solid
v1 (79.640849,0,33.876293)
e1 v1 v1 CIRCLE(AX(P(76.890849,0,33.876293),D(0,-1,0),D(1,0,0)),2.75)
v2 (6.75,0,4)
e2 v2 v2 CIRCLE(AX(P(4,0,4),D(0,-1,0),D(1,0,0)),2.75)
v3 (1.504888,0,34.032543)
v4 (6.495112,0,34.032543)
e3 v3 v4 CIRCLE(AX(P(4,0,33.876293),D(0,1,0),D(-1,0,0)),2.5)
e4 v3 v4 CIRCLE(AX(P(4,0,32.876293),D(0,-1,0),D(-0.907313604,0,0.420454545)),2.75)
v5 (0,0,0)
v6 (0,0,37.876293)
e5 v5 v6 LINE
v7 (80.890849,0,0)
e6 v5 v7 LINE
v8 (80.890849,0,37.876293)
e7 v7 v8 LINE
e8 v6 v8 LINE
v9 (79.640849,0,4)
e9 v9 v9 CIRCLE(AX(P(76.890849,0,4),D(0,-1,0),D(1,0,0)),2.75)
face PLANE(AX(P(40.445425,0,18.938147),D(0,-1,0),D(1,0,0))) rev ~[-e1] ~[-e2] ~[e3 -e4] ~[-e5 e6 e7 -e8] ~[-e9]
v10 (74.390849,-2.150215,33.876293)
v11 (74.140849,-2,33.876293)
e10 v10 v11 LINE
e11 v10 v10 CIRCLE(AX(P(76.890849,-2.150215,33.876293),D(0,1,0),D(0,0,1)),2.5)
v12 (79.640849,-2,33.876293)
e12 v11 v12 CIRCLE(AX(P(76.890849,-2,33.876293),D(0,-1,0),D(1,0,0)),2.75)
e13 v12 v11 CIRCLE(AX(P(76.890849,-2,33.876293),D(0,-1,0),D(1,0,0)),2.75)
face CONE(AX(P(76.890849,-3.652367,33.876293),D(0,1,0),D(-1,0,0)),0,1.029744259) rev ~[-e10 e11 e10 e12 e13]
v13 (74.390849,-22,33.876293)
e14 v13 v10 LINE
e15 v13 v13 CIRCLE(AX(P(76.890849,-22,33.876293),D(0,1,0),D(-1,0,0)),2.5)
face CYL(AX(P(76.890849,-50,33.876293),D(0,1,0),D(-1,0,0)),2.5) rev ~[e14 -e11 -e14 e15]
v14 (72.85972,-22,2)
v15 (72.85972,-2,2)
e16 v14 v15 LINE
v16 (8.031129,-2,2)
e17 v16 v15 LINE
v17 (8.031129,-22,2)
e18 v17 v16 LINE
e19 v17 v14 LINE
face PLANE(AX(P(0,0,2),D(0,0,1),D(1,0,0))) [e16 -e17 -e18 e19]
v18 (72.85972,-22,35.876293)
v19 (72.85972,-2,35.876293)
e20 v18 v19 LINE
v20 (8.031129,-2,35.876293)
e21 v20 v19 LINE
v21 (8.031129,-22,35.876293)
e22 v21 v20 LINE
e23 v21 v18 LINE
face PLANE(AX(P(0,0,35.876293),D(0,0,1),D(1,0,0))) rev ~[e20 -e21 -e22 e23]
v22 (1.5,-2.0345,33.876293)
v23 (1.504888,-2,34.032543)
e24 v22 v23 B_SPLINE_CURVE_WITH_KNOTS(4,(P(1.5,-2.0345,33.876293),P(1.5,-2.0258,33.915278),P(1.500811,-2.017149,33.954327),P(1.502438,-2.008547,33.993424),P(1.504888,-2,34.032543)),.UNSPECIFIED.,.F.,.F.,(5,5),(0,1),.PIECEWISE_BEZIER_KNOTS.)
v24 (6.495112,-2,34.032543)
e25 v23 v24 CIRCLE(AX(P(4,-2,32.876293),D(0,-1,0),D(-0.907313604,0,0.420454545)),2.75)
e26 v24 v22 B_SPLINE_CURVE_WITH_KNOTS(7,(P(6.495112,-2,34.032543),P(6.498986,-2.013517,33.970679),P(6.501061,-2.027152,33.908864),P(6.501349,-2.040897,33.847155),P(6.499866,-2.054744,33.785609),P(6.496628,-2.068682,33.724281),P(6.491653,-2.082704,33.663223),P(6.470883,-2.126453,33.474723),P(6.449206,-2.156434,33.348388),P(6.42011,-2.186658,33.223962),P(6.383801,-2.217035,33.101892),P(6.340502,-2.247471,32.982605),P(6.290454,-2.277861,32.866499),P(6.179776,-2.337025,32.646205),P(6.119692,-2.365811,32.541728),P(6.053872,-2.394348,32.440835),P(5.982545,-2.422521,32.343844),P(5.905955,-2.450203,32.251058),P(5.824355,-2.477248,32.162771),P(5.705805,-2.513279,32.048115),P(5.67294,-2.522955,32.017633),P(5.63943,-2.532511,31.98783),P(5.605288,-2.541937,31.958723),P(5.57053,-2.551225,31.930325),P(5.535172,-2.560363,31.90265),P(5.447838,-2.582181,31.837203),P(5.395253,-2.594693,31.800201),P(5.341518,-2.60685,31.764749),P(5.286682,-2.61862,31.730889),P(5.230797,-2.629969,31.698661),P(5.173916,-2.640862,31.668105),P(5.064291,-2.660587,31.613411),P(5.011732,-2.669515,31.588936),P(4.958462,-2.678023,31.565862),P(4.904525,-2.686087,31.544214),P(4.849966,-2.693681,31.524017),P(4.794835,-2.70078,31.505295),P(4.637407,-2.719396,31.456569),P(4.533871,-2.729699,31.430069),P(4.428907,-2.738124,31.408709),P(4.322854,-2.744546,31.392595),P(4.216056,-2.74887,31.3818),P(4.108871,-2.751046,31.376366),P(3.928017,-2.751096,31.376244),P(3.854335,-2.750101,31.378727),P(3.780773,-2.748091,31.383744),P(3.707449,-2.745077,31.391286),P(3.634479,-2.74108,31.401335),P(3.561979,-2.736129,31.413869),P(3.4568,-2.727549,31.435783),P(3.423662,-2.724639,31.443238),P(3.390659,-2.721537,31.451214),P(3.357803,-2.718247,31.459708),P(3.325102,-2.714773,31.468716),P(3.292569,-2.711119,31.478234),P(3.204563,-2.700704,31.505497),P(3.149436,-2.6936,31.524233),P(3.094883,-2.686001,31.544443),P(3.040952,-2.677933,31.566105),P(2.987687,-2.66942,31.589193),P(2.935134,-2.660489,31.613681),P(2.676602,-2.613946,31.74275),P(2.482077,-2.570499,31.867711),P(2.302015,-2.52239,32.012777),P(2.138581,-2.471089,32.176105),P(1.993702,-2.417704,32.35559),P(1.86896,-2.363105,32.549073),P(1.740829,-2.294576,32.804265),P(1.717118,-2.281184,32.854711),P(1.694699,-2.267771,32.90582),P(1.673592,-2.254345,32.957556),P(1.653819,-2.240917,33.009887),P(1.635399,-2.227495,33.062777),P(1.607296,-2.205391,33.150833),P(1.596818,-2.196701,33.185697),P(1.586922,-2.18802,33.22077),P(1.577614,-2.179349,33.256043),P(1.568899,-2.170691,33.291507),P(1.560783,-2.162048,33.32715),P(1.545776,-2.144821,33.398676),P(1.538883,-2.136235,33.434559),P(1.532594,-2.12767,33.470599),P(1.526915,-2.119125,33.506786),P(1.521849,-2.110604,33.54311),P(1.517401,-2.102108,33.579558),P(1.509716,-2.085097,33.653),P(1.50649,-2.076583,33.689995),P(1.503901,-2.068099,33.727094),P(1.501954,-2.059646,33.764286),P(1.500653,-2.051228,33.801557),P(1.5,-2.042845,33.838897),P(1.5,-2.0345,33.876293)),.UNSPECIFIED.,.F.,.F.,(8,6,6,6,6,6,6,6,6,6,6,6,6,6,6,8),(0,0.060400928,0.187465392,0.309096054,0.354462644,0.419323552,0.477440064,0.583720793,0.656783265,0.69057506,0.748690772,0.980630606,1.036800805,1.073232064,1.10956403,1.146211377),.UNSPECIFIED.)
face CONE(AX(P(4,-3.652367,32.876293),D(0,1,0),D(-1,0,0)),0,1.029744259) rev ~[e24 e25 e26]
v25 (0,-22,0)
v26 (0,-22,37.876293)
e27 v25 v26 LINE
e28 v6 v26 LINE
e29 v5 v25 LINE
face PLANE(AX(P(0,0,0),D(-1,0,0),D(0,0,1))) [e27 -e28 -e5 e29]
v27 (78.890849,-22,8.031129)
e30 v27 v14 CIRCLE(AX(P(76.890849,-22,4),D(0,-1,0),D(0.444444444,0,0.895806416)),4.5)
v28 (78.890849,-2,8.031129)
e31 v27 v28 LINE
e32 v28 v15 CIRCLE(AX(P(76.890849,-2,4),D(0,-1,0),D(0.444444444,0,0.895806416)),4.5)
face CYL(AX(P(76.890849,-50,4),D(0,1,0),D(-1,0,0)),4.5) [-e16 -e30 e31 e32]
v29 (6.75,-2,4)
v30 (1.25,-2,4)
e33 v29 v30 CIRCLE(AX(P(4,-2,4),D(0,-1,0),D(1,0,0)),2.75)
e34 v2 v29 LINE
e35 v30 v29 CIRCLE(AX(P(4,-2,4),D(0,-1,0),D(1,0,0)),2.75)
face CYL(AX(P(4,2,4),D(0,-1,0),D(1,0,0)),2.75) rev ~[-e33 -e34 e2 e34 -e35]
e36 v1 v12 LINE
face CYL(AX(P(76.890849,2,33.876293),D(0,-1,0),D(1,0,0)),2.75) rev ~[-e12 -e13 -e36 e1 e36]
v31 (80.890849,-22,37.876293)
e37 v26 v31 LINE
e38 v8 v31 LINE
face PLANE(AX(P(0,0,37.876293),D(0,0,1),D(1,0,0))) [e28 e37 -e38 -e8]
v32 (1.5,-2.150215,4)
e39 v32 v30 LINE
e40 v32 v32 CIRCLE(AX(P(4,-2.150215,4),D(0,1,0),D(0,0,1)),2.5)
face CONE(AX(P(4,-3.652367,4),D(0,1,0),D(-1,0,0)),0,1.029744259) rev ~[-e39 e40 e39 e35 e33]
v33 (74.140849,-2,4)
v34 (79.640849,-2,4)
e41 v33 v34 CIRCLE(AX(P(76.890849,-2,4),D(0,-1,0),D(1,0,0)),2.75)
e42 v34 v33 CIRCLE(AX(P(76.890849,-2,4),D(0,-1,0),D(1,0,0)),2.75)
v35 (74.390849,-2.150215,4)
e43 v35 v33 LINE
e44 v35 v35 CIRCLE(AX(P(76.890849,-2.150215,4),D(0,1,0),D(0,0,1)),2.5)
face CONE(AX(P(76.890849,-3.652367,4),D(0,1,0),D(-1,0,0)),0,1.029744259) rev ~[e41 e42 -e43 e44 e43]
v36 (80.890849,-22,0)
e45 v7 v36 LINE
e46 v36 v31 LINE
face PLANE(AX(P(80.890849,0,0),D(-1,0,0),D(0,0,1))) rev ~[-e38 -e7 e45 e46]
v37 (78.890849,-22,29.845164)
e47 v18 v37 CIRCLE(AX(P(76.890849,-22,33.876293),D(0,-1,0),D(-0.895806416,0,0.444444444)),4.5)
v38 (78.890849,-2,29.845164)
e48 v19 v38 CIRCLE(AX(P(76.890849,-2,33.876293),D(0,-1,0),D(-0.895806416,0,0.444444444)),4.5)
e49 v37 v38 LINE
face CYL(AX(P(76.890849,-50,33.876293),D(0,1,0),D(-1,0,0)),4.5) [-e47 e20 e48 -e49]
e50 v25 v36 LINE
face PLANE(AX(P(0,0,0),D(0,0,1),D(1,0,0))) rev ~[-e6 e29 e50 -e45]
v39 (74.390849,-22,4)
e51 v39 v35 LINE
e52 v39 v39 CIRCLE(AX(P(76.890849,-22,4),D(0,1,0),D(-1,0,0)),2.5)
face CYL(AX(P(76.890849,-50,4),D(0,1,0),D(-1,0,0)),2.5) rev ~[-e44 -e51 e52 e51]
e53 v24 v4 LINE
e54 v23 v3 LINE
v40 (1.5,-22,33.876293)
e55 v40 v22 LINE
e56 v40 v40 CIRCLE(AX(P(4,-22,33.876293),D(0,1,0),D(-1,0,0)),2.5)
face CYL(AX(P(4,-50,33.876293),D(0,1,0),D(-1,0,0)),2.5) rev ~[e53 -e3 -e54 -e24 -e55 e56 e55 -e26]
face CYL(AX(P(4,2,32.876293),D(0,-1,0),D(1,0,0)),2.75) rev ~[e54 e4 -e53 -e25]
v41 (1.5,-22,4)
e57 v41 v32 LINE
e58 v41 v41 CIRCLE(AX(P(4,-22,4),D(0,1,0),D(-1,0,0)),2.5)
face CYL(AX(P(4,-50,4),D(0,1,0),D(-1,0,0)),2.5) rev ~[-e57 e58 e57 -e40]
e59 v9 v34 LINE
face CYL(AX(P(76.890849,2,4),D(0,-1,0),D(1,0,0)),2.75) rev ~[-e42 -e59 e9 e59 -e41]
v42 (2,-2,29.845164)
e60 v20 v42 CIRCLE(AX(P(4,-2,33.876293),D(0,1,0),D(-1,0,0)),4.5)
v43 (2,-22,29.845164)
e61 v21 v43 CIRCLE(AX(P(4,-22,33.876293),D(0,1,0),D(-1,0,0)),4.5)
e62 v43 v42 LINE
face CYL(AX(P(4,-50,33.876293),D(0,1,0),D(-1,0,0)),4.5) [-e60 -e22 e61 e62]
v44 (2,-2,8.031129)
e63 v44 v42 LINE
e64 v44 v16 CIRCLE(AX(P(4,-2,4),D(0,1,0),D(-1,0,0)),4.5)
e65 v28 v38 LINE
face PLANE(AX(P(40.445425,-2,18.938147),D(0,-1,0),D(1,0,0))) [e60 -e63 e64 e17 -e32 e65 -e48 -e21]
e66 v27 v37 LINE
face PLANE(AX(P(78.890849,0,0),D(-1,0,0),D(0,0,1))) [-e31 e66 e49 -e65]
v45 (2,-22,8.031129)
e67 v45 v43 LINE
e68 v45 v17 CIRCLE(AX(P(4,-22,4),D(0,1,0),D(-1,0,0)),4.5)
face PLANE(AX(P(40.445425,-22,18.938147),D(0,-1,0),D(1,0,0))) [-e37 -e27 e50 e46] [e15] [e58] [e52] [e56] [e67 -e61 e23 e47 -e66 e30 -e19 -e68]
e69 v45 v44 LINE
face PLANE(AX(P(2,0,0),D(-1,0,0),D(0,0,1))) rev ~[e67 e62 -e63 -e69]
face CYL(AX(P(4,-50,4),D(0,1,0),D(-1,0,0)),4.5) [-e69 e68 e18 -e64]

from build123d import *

# Parameters (mm, degrees)
F0_W     = 80.8908492327
F0_H     = 37.8762930632
F1_DEPTH = 22
F3_D     = 5
F3_DEPTH = 28
F3_TIP   = 1.5021515476
F4_T     = -2
F6_D     = 5.5
F6_DEPTH = 2
F6_TIP   = 1.6523667023


with BuildPart() as f1:
    # F0 (on Front) → F1 (new body)
    with BuildSketch(Plane.XZ):
        with Locations((40.4454246163, 18.9381465316)):
            Rectangle(F0_W, F0_H)
    extrude(amount=F1_DEPTH)

    # F3
    with Locations(Plane.XZ.offset(22)):
        with Locations((4, 33.8762930632), (4, 4), (76.8908492327, 4), (76.8908492327, 33.8762930632)):
            Hole(F3_D / 2, depth=F3_DEPTH)
            with Locations((0, 0, -(F3_DEPTH + F3_TIP / 2))):  # 118° drill point
                Cone(0, F3_D / 2, F3_TIP, mode=Mode.SUBTRACT)

    # F4
    f4_openings = [f1.faces().sort_by_distance(p)[0] for p in [
        (40.445425, -22, 18.938147),
    ]]
    offset(amount=F4_T, openings=f4_openings)

    # F6
    with Locations(Plane(origin=(0, 0, 0), x_dir=(-1, 0, 0), z_dir=(0, 1, 0))):
        with Locations((-76.8908492327, 33.8762930632), (-76.8908492327, 4), (-4, 4), (-4, 32.8762930632)):
            Hole(F6_D / 2, depth=F6_DEPTH)
            with Locations((0, 0, -(F6_DEPTH + F6_TIP / 2))):  # 118° drill point
                Cone(0, F6_D / 2, F6_TIP, mode=Mode.SUBTRACT)


solid = f1.part
